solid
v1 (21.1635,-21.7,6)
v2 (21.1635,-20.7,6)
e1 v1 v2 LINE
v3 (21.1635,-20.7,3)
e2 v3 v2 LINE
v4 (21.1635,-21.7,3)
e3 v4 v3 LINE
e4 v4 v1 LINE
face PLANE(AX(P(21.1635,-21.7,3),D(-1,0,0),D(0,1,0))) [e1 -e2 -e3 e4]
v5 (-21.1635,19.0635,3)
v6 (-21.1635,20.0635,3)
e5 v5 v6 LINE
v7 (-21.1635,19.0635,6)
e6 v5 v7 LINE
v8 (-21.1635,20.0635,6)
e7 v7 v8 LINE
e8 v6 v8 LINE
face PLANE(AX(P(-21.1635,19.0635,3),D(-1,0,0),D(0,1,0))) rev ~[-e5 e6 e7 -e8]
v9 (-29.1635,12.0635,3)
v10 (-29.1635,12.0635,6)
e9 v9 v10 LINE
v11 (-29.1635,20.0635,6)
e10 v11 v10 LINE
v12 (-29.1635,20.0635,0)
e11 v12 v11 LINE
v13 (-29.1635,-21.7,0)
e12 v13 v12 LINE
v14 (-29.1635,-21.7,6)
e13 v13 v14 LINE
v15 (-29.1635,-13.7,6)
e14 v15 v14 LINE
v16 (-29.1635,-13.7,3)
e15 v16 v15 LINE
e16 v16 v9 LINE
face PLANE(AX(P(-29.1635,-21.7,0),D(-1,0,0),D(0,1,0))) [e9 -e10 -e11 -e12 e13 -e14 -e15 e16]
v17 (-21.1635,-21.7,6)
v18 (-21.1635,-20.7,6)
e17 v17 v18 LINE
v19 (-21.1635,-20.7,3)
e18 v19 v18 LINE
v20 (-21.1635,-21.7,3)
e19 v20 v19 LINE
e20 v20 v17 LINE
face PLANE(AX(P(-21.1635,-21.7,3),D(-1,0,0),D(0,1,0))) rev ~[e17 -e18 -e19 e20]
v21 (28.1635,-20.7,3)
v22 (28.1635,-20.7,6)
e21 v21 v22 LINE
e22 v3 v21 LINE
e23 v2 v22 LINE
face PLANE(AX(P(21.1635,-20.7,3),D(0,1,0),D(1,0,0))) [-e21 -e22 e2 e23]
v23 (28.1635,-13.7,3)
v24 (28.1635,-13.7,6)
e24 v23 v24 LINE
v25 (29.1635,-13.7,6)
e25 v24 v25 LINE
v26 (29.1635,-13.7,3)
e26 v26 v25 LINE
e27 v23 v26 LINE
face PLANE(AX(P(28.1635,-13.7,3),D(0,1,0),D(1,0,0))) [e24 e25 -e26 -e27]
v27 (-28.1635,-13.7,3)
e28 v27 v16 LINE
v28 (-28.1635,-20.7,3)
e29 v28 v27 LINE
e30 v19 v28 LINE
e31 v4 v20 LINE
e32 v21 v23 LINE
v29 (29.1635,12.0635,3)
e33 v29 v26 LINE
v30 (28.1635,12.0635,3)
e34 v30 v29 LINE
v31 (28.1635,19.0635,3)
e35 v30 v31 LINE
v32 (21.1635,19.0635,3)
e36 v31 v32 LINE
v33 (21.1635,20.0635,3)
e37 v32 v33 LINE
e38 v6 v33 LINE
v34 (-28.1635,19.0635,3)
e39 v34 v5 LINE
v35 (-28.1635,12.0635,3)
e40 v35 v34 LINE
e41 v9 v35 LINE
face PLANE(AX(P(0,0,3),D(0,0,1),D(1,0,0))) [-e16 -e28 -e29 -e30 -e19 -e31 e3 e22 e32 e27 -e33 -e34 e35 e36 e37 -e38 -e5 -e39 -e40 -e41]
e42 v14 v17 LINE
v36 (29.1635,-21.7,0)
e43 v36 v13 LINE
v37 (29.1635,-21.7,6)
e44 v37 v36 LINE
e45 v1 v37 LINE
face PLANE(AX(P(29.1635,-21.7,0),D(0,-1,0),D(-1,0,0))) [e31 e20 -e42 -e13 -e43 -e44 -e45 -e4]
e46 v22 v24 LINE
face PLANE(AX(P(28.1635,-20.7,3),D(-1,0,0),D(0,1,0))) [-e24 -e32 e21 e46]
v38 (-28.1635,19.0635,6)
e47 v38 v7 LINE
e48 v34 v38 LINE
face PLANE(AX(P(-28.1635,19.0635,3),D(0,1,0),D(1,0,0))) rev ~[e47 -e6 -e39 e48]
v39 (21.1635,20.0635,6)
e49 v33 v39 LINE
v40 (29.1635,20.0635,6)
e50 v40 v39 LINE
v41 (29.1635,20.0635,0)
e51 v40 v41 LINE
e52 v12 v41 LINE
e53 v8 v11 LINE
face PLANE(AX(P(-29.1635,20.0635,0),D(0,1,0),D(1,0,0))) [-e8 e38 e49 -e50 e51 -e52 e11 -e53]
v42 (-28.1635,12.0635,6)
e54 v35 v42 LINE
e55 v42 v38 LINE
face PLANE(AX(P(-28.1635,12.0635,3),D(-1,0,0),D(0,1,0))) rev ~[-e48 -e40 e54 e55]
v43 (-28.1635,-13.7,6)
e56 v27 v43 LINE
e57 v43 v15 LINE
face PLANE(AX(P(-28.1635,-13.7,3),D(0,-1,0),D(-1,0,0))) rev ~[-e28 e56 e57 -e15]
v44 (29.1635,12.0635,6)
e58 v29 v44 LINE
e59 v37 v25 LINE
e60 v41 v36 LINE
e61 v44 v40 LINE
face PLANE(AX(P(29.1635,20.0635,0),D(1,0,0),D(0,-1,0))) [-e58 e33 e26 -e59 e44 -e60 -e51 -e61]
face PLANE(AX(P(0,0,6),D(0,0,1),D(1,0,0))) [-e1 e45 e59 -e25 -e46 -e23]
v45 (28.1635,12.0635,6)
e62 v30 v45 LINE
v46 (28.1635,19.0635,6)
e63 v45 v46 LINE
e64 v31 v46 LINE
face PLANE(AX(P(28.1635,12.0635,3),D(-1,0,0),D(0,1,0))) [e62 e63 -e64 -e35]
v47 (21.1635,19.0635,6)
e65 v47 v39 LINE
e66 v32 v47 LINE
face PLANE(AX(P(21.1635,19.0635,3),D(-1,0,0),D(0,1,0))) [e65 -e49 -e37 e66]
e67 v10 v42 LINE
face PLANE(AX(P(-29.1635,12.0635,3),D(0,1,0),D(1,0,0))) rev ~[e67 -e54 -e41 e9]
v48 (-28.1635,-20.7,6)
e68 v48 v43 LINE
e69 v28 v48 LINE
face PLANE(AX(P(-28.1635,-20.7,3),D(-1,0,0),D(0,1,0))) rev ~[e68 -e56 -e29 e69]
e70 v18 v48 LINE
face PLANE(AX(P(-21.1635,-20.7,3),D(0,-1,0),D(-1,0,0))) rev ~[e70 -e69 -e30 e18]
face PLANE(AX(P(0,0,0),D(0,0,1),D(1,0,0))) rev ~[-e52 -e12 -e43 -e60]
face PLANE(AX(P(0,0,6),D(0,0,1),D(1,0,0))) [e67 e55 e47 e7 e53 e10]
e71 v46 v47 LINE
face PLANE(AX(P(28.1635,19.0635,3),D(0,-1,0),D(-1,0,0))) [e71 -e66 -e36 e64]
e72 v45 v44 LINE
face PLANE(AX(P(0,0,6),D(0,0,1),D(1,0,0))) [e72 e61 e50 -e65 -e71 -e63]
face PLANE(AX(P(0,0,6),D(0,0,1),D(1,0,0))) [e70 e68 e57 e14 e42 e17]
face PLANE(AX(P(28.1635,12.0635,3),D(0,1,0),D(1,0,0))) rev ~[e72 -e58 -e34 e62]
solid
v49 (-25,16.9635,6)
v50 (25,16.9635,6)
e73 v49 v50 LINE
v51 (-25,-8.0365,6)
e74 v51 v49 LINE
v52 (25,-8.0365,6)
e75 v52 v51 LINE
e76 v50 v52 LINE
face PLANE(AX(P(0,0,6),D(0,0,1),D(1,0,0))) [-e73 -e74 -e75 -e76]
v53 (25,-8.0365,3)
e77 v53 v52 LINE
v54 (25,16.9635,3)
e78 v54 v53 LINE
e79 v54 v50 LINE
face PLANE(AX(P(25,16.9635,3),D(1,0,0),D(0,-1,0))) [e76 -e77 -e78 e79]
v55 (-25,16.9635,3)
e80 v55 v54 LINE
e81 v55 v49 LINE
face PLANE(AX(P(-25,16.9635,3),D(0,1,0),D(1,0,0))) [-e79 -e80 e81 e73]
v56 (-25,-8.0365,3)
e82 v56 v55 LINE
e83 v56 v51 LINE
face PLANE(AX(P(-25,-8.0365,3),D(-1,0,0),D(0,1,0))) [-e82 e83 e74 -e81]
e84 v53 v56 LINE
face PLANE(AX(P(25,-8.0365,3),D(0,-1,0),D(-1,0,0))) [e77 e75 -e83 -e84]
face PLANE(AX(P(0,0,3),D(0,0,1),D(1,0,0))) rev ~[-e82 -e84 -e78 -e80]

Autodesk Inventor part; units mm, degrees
ref_plane "YZ Plane" through (0, 0, 0) normal (1, 0, 0) x (0, 1, 0)
ref_plane "XZ Plane" through (0, 0, 0) normal (0, 1, 0) x (-1, 0, 0)
ref_plane "XY Plane" through (0, 0, 0) normal (0, 0, 1) x (1, 0, 0)
sketch "LCD-128X64BK_AG, LCD-128X64BK_AG_48" plane through (0, 0, 0) normal (0, 0, 1) x (1, 0, 0)
  line L0 (-29.1635, 20.0635) -> (29.1635, 20.0635)
  line L1 (29.1635, 20.0635) -> (29.1635, -21.7)
  line L2 (29.1635, -21.7) -> (-29.1635, -21.7)
  line L3 (-29.1635, -21.7) -> (-29.1635, 20.0635)
extrude "Extrusion1" add sketch "LCD-128X64BK_AG, LCD-128X64BK_AG_48" along normal blind 3
sketch "Skizze2" plane through (0, 0, 3) normal (0, 0, 1) x (1, 0, 0)
  line L0 (29.1635, 20.0635) -> (-29.1635, 20.0635) construction
  line L1 (-29.1635, 20.0635) -> (-29.1635, -21.7) construction
  line L2 (-29.1635, -21.7) -> (29.1635, -21.7) construction
  line L3 (29.1635, -21.7) -> (29.1635, 20.0635) construction
  line L4 (-29.1635, 20.0635) -> (-29.1635, -21.7) projected
  line L5 (-29.1635, 20.0635) -> (-29.1635, 12.0635)
  line L6 (-29.1635, 12.0635) -> (-28.1635, 12.0635)
  line L7 (-28.1635, 12.0635) -> (-28.1635, 19.0635)
  line L8 (-28.1635, 19.0635) -> (-21.1635, 19.0635)
  line L9 (-21.1635, 19.0635) -> (-21.1635, 20.0635)
  line L10 (29.1635, 20.0635) -> (-29.1635, 20.0635) projected
  line L11 (-29.1635, 20.0635) -> (-21.1635, 20.0635)
  line L12 (-29.1635, -21.7) -> (-21.1635, -21.7)
  line L13 (-29.1635, -21.7) -> (29.1635, -21.7) projected
  line L14 (-21.1635, -21.7) -> (-21.1635, -20.7)
  line L15 (-21.1635, -20.7) -> (-28.1635, -20.7)
  line L16 (-28.1635, -20.7) -> (-28.1635, -13.7)
  line L17 (-28.1635, -13.7) -> (-29.1635, -13.7)
  line L18 (-29.1635, -21.7) -> (-29.1635, -13.7)
  line L19 (29.1635, -21.7) -> (29.1635, 20.0635) projected
  line L20 (29.1635, -21.7) -> (21.1635, -21.7)
  line L21 (21.1635, -21.7) -> (21.1635, -20.7)
  line L22 (21.1635, -20.7) -> (28.1635, -20.7)
  line L23 (28.1635, -20.7) -> (28.1635, -13.7)
  line L24 (28.1635, -13.7) -> (29.1635, -13.7)
  line L25 (29.1635, -21.7) -> (29.1635, -13.7)
  line L26 (21.1635, 20.0635) -> (29.1635, 20.0635)
  line L27 (29.1635, 20.0635) -> (29.1635, 12.0635)
  line L28 (28.1635, 12.0635) -> (28.1635, 19.0635)
  line L29 (28.1635, 19.0635) -> (21.1635, 19.0635)
  line L30 (21.1635, 19.0635) -> (21.1635, 20.0635)
  line L31 (28.1635, 12.0635) -> (29.1635, 12.0635)
  point P0 (0, 0)
  dimension "d2" = 8
  dimension "d3" = 1
  dimension "d4" = 7
  dimension "d5" = 7
  dimension "d6" = 8
  dimension "d7" = 1
  dimension "d8" = 7
  dimension "d9" = 7
  dimension "d10" = 8
  dimension "d11" = 1
  dimension "d12" = 7
  dimension "d13" = 7
  dimension "d14" = 8
  dimension "d15" = 8
  dimension "d16" = 7
  dimension "d17" = 7
extrude "Extrusion2" add sketch "Skizze2" along normal blind 3 contours L10 L9 L8 L7 L6 L4 | L17 L16 L15 L14 L12 L4 | L10 L19 L31 L28 L29 L30 | L21 L22 L23 L24 L19 L13
sketch "Skizze3" plane through (0, 0, 3) normal (0, 0, 1) x (1, 0, 0)
  line L0 (-25, 16.9635) -> (25, 16.9635)
  line L1 (25, 16.9635) -> (25, -8.0365)
  line L2 (25, -8.0365) -> (-25, -8.0365)
  line L3 (-25, -8.0365) -> (-25, 16.9635)
  line L4 (-40.8289, 0) -> (40.8289, 0) construction
  line L5 (0, -30.0527) -> (0, 28.4162) construction
  line L6 (-21.1635, -20.7) -> (-21.1635, -21.7) construction
  line L7 (-21.1635, -21.7) -> (21.1635, -21.7) construction
  line L8 (21.1635, -21.7) -> (21.1635, -20.7) construction
  line L9 (21.1635, -20.7) -> (28.1635, -20.7) construction
  line L10 (28.1635, -20.7) -> (28.1635, -13.7) construction
  line L11 (28.1635, -13.7) -> (29.1635, -13.7) construction
  line L12 (29.1635, -13.7) -> (29.1635, 12.0635) construction
  line L13 (29.1635, 12.0635) -> (28.1635, 12.0635) construction
  line L14 (28.1635, 12.0635) -> (28.1635, 19.0635) construction
  line L15 (28.1635, 19.0635) -> (21.1635, 19.0635) construction
  line L16 (21.1635, 19.0635) -> (21.1635, 20.0635) construction
  line L17 (21.1635, 20.0635) -> (-21.1635, 20.0635) construction
  line L18 (-21.1635, 20.0635) -> (-21.1635, 19.0635) construction
  line L19 (-21.1635, 19.0635) -> (-28.1635, 19.0635) construction
  line L20 (-28.1635, 19.0635) -> (-28.1635, 12.0635) construction
  line L21 (-28.1635, 12.0635) -> (-29.1635, 12.0635) construction
  line L22 (-29.1635, 12.0635) -> (-29.1635, -13.7) construction
  line L23 (-29.1635, -13.7) -> (-28.1635, -13.7) construction
  line L24 (-28.1635, -13.7) -> (-28.1635, -20.7) construction
  line L25 (-28.1635, -20.7) -> (-21.1635, -20.7) construction
  point P0 (0, 0)
  point P1 (0, 16.9635)
  dimension "d20" = 3.1
  dimension "d21" = 25
  dimension "d22" = 50
extrude "Extrusion3" add sketch "Skizze3" along normal blind 3 separate body
properties part number "LCD-128X64BK_AG"
